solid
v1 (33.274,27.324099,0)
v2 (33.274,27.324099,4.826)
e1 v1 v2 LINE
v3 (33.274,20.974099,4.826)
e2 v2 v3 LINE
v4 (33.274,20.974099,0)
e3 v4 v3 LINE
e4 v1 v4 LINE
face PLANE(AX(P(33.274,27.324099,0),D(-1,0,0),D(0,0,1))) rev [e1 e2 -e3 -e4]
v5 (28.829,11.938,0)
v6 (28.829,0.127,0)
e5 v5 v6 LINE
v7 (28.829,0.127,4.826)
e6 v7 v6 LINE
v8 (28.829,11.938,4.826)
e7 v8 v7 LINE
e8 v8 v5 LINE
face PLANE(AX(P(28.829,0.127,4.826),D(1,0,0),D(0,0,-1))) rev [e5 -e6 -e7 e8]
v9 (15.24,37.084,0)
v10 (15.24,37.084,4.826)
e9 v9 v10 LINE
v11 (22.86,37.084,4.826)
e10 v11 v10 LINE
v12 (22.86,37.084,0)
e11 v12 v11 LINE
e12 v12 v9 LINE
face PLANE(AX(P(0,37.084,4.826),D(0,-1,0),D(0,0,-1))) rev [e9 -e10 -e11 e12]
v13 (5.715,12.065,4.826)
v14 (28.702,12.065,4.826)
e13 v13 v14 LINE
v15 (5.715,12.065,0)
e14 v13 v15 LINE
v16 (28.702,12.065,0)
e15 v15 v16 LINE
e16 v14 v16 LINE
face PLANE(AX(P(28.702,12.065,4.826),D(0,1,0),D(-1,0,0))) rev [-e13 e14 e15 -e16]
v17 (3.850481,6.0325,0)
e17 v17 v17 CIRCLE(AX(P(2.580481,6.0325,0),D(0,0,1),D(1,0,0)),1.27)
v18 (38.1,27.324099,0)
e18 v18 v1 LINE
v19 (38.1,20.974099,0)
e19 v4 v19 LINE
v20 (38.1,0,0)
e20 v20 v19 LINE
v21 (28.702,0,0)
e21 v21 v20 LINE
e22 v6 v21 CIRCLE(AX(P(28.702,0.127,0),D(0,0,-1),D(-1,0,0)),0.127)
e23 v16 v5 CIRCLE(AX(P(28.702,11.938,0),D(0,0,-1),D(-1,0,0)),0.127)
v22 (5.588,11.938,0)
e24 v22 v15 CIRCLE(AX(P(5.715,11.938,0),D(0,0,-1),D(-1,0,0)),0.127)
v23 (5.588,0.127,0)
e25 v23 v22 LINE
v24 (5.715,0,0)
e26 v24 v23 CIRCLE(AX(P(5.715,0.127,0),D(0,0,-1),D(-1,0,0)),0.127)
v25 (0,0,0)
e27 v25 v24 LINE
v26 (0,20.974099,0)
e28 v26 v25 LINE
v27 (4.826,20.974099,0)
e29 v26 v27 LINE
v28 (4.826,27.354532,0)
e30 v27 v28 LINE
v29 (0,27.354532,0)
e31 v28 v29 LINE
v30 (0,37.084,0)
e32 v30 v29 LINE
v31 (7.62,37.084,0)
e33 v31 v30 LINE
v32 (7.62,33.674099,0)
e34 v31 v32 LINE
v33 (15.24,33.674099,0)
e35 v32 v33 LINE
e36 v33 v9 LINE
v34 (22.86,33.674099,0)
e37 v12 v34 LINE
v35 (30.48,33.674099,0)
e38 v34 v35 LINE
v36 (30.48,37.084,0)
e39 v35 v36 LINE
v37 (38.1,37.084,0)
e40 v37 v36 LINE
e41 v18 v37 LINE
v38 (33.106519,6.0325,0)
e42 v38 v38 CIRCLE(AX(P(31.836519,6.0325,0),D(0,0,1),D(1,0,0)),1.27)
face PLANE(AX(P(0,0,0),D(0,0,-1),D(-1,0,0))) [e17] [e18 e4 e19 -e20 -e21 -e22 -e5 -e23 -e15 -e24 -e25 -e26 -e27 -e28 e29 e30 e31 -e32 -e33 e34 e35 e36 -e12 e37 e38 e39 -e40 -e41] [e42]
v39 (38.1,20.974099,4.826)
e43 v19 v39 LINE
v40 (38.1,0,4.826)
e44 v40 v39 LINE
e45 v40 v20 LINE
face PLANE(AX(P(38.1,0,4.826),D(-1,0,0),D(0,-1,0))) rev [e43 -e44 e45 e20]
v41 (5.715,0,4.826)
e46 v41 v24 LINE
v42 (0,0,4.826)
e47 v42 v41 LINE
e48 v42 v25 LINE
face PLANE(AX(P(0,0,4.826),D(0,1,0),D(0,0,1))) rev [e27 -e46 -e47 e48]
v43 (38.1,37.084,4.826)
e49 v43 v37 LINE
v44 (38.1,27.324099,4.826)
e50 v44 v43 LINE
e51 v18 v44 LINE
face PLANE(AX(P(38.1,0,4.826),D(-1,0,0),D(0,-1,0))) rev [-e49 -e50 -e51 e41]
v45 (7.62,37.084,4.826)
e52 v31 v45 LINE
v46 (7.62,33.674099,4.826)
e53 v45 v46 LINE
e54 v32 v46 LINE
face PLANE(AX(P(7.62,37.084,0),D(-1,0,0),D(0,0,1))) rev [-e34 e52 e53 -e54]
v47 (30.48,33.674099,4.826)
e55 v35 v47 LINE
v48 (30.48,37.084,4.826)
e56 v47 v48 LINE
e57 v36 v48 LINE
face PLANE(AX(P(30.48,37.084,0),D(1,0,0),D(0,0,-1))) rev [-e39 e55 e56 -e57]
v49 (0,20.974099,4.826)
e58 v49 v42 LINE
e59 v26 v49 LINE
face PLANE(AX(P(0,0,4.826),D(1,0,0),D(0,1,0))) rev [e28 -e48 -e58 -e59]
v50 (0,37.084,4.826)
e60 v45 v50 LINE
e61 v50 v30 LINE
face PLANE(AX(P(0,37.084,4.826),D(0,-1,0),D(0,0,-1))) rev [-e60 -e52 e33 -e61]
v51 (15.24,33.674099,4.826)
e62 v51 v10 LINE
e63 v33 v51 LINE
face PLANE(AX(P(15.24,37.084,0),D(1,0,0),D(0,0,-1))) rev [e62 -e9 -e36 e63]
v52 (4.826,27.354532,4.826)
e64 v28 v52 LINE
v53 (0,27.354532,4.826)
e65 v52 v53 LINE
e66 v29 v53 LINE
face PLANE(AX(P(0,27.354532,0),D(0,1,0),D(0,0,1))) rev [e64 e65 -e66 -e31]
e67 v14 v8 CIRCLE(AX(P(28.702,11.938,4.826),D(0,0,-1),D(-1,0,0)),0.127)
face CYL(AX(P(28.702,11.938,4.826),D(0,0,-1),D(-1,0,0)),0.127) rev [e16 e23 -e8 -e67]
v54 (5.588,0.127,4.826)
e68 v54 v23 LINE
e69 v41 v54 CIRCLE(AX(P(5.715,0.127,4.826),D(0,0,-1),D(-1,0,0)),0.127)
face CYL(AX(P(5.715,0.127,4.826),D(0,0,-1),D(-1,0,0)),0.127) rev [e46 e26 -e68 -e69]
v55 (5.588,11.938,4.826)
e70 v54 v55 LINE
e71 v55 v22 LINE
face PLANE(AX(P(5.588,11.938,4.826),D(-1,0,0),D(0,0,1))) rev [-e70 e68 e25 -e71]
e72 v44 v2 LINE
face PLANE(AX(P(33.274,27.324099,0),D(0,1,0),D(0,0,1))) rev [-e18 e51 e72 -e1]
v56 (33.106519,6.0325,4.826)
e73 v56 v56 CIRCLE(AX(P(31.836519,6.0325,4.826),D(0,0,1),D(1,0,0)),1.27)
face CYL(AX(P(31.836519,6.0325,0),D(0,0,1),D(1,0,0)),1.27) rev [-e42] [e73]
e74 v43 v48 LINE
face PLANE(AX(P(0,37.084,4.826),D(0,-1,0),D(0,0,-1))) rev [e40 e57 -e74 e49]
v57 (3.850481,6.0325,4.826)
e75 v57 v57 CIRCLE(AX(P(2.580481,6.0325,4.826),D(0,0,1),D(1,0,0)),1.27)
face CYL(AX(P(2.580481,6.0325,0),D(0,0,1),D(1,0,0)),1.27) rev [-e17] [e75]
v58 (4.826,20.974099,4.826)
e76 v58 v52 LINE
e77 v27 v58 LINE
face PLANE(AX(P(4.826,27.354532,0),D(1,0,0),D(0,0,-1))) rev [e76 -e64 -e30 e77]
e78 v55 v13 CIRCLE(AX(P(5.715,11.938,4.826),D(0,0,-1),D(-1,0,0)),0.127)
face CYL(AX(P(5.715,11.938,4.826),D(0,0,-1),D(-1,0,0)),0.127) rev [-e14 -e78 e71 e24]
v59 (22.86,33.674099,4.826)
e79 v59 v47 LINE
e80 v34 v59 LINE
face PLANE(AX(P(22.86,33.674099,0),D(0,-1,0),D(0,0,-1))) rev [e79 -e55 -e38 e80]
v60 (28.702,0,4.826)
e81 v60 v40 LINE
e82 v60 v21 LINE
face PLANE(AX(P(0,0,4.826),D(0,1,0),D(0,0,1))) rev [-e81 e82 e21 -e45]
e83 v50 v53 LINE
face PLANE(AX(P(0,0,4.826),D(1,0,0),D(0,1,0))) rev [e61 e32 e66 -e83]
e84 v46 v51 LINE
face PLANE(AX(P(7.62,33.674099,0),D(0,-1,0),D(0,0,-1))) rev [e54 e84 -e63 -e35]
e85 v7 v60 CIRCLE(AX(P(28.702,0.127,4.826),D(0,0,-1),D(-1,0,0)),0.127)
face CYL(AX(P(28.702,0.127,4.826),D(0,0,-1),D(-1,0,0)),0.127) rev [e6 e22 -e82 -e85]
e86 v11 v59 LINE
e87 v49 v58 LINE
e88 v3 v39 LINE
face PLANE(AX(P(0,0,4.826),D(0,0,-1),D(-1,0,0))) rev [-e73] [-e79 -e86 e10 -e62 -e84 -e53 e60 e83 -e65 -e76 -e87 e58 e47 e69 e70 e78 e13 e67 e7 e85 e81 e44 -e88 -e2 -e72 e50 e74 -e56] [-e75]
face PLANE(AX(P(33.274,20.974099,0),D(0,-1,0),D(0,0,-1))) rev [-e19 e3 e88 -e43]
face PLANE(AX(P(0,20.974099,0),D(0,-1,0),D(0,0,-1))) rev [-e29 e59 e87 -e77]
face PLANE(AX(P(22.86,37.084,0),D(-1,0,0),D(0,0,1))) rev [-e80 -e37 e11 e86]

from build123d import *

# Parameters (mm, degrees)
SKETCH1_W           = 38.1
SKETCH1_H           = 37.084
BOSS_EXTRUDE1_DEPTH = 4.826
SKETCH3_R           = 1.27
CUT_EXTRUDE2_DEPTH  = 54.386546358
CUT_EXTRUDE3_DEPTH  = 54.386546358
SKETCH5_W           = 7.62
SKETCH5_H           = 3.409901171
CUT_EXTRUDE4_DEPTH  = 54.386546358
SKETCH7_W           = 4.826
SKETCH7_H           = 6.380433542
SKETCH7_H_2         = 6.35
CUT_EXTRUDE5_DEPTH  = 54.386546358


with BuildPart() as part:
    # Sketch1 → Boss-Extrude1 (new body)
    with BuildSketch(Plane.XY):
        with Locations((19.05, 18.542)):
            Rectangle(SKETCH1_W, SKETCH1_H)
    extrude(amount=BOSS_EXTRUDE1_DEPTH)

    # Sketch3 → Cut-Extrude2 (cut, through all)
    with BuildSketch(Plane.XY.offset(4.826)):
        with Locations((2.580480538, 6.0325)):
            Circle(SKETCH3_R)
        with Locations((31.836519462, 6.0325)):
            Circle(SKETCH3_R)
    extrude(amount=-CUT_EXTRUDE2_DEPTH, mode=Mode.SUBTRACT)

    # Sketch4 → Cut-Extrude3 (cut, through all)
    with BuildSketch(Plane(origin=(0, 0, 0), x_dir=(-1, 0, 0), z_dir=(0, 0, -1))):
        with BuildLine():
            Line((-28.702, 12.065), (-5.715, 12.065))
            ThreePointArc((-5.715, 12.065), (-5.625197439, 12.027802561), (-5.588, 11.938))
            Line((-5.588, 11.938), (-5.588, 0.127))
            ThreePointArc((-5.588, 0.127), (-5.625197439, 0.037197439), (-5.715, 0))
            Line((-5.715, 0), (-28.702, 0))
            ThreePointArc((-28.702, 0), (-28.791802561, 0.037197439), (-28.829, 0.127))
            Line((-28.829, 0.127), (-28.829, 11.938))
            ThreePointArc((-28.829, 11.938), (-28.791802561, 12.027802561), (-28.702, 12.065))
        make_face()
    extrude(amount=-CUT_EXTRUDE3_DEPTH, mode=Mode.SUBTRACT)

    # Sketch5 → Cut-Extrude4 (cut, through all)
    with BuildSketch(Plane.XY.offset(4.826)):
        with Locations((11.43, 35.379049415)):
            Rectangle(SKETCH5_W, SKETCH5_H)
        with Locations((26.67, 35.379049415)):
            Rectangle(SKETCH5_W, SKETCH5_H)
    extrude(amount=-CUT_EXTRUDE4_DEPTH, mode=Mode.SUBTRACT)

    # Sketch7 → Cut-Extrude5 (cut, through all)
    with BuildSketch(Plane.XY.offset(4.826)):
        with Locations((2.413, 24.1643156)):
            Rectangle(SKETCH7_W, SKETCH7_H)
        with Locations((35.687, 24.149098829)):
            Rectangle(SKETCH7_W, SKETCH7_H_2)
    extrude(amount=-CUT_EXTRUDE5_DEPTH, mode=Mode.SUBTRACT)


solid = part.part
